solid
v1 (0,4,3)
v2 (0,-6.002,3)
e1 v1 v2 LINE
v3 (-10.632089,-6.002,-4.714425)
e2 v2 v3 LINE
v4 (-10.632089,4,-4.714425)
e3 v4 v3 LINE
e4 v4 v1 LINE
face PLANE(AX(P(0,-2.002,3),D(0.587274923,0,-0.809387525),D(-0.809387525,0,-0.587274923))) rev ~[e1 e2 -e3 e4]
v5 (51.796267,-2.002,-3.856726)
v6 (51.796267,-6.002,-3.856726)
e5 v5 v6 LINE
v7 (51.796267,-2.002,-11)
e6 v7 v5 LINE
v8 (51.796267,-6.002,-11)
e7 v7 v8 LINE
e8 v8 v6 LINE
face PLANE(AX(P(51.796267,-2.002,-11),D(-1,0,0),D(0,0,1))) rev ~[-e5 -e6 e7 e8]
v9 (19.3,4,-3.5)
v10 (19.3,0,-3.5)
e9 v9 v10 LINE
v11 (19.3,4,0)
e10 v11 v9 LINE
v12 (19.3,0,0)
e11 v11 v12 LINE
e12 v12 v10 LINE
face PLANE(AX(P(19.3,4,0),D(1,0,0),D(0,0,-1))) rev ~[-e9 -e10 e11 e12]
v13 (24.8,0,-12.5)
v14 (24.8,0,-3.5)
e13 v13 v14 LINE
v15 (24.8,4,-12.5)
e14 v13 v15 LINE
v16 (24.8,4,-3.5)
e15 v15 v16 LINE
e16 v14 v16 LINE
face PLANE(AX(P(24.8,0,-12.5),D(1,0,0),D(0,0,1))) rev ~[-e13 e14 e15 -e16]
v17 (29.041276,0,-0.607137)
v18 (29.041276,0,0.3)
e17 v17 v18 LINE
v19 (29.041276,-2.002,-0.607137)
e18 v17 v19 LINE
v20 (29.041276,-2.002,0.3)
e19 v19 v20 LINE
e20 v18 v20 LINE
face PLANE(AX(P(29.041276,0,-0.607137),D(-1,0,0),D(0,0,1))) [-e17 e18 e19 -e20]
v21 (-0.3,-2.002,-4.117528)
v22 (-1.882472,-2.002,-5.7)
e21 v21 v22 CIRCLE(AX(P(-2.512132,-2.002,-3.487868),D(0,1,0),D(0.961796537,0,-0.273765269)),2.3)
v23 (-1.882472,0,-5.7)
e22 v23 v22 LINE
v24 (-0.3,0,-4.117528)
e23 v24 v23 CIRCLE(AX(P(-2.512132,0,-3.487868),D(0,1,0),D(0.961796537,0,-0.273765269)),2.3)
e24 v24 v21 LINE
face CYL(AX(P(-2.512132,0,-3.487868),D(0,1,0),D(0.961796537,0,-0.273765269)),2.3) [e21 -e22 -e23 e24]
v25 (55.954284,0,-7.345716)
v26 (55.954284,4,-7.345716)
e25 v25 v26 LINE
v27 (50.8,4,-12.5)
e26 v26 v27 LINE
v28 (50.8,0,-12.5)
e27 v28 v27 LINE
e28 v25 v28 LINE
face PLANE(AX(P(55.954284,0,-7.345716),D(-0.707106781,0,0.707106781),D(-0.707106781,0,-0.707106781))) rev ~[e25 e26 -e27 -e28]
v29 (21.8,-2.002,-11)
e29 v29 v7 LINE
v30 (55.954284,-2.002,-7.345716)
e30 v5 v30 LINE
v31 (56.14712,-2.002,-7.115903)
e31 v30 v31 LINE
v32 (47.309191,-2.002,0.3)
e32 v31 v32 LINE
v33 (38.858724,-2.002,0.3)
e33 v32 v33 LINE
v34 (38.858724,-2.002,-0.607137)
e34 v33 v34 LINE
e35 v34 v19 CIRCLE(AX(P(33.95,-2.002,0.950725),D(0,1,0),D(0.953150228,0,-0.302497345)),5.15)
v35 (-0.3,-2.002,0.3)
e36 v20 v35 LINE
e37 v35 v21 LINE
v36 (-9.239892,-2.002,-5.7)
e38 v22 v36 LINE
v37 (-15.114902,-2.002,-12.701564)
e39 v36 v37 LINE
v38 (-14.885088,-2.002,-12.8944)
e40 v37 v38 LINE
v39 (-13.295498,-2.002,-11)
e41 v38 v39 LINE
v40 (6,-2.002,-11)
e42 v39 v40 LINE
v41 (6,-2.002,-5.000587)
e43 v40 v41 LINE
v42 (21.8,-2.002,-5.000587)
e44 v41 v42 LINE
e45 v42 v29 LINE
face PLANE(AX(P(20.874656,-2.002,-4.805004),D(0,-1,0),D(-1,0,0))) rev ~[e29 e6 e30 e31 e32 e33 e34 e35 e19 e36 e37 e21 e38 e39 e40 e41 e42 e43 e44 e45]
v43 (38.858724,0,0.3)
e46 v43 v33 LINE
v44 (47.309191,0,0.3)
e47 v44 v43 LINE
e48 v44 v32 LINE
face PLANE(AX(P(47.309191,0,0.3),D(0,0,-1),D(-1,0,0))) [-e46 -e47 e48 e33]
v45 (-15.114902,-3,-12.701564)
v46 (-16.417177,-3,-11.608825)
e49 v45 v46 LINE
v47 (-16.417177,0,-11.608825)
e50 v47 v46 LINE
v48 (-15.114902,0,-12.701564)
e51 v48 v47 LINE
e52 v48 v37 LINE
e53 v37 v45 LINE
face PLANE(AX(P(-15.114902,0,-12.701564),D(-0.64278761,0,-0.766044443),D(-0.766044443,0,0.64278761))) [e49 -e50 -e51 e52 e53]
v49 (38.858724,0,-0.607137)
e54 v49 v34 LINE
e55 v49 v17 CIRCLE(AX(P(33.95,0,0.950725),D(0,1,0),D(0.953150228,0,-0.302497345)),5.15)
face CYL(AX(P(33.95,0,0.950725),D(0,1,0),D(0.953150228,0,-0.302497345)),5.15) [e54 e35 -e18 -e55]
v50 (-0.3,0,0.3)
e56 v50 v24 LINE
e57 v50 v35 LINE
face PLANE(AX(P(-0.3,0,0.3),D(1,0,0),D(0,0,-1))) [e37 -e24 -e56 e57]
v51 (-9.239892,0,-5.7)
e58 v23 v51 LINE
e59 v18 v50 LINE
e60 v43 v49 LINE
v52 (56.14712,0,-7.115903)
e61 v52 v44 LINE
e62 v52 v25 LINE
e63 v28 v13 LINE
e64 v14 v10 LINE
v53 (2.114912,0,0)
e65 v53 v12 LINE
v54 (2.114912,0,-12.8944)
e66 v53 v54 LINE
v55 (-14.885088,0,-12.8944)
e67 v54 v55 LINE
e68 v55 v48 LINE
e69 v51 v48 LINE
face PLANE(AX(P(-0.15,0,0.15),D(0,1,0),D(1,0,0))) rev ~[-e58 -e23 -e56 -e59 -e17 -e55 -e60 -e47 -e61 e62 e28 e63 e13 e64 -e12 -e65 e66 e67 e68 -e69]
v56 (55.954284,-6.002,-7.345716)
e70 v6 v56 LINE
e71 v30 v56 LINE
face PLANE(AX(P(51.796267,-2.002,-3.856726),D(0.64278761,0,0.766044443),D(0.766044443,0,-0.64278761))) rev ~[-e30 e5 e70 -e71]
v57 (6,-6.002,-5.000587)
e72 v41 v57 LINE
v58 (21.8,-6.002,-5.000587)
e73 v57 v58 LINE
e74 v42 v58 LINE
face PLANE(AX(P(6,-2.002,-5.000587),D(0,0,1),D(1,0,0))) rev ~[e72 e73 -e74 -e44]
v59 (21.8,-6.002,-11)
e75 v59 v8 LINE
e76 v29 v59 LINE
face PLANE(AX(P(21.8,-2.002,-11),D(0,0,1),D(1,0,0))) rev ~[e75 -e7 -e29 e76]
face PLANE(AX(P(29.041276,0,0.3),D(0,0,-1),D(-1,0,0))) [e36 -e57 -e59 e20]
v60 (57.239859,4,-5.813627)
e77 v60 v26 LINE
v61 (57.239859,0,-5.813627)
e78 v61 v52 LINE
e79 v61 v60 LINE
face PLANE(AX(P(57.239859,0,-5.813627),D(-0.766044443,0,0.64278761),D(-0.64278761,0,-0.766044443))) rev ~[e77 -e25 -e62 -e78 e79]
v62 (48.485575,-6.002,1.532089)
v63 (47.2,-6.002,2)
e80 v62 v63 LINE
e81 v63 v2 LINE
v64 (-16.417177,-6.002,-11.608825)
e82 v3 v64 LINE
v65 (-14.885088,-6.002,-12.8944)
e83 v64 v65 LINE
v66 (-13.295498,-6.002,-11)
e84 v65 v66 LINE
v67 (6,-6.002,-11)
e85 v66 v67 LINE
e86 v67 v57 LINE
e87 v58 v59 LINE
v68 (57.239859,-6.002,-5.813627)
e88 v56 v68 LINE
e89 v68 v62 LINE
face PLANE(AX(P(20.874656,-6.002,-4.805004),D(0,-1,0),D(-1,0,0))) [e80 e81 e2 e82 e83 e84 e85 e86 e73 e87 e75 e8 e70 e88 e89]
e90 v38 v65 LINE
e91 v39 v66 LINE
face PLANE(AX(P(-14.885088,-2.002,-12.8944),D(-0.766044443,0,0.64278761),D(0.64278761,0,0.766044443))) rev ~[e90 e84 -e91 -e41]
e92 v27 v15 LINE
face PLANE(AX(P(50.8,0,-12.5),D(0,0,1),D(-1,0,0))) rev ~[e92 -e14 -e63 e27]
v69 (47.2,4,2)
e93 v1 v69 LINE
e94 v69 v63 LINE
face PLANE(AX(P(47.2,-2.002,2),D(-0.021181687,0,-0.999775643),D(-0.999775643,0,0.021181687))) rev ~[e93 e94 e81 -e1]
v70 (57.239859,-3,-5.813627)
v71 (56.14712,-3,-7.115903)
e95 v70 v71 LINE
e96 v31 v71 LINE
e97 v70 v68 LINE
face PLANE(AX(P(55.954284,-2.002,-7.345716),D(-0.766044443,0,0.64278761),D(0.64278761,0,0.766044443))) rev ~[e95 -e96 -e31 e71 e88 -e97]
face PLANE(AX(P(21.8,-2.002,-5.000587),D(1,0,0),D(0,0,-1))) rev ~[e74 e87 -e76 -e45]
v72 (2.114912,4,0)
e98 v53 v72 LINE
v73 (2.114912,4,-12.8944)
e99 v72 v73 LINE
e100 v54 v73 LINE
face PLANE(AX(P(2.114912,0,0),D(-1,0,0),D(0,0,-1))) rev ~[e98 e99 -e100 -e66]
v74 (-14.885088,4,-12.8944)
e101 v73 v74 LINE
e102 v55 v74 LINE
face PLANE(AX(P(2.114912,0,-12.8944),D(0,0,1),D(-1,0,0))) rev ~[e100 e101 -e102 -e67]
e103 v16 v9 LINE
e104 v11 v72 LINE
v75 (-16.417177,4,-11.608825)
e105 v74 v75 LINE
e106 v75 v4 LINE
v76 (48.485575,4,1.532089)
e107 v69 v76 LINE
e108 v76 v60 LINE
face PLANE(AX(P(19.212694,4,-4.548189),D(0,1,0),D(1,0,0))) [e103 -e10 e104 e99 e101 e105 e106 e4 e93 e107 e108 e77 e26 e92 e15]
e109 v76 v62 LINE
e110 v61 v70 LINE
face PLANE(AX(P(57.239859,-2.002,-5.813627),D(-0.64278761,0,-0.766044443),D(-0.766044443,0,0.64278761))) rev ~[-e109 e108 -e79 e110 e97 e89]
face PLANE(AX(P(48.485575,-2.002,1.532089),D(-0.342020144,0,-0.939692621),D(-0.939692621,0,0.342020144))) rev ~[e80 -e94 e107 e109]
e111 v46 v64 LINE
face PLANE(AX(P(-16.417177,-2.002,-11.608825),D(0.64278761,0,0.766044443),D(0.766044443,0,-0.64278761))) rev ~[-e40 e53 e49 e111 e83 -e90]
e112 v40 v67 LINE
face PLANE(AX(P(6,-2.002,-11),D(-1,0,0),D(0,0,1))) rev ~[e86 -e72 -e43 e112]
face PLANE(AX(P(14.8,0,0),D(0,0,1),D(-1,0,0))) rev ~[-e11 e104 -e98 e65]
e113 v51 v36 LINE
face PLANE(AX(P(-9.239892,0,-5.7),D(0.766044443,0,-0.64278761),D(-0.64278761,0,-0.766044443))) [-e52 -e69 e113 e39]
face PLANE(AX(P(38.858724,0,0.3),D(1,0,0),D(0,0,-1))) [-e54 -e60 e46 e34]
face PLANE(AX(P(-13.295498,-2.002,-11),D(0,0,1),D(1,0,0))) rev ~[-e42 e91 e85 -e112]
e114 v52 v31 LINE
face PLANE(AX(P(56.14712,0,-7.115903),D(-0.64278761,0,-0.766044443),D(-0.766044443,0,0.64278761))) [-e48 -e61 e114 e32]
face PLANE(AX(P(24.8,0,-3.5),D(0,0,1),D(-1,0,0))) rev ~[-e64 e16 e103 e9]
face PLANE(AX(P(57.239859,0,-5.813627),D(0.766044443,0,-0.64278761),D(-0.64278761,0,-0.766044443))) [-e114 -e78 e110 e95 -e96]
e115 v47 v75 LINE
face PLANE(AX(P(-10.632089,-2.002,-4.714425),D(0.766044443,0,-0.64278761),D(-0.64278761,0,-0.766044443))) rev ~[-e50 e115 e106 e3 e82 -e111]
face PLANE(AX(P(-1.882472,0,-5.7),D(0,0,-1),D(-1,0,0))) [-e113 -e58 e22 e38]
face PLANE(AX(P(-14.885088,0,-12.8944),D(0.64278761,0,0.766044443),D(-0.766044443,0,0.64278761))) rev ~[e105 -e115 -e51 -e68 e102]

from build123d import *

# Parameters (mm, degrees)
SKETCH1_W                = 0.3
SKETCH1_H                = 0.3
BOSS_EXTRUDE1_DEPTH      = 4
SKETCH1_5_W              = 0.3
SKETCH1_5_H              = 0.3
BOSS_EXTRUDE2_DEPTH      = 4
BOSS_EXTRUDE3_DEPTH      = 3
BOSS_EXTRUDE4_DEPTH      = 3.00199999
BOSS_EXTRUDE4_DEPTH_BACK = 0.99800001
SKETCH3_W                = 4.5
SKETCH3_H                = 3.5
CUT_EXTRUDE1_DEPTH       = 4


with BuildPart() as part:
    # Sketch1 → Boss-Extrude1 (new body)
    with BuildSketch(Plane(origin=(0, 0, 0), x_dir=(1, 0, 0), z_dir=(0, 1, 0))):
        Polygon((2.114911513, 12.894399988), (-14.885088487, 12.894399988), (-16.417177373, 11.608824769), (-10.632088886, 4.714424781), (0, -3), (47.2, -2), (48.485575219, -1.532088886), (57.239858961, 5.813627372), (55.954283741, 7.345716259), (50.8, 12.5), (24.8, 12.5), (24.8, 3.5), (14.8, 3.5), (14.8, 0), (2.114911513, 0), align=None)
        with Locations((-0.15, -0.15)):
            Rectangle(SKETCH1_W, SKETCH1_H, mode=Mode.SUBTRACT)
        Polygon((47.30919107, -0.3), (47.2, -0.3), (47.2, 0), (47.392836283, -0.229813333), align=None, mode=Mode.SUBTRACT)
    extrude(amount=BOSS_EXTRUDE1_DEPTH)

    # Sketch1<5> → Boss-Extrude2 (add)
    with BuildSketch(Plane(origin=(0, 0, 0), x_dir=(1, 0, 0), z_dir=(0, 1, 0))):
        with Locations((-0.15, -0.15)):
            Rectangle(SKETCH1_5_W, SKETCH1_5_H)
        Polygon((47.2, 0), (47.2, -0.3), (47.30919107, -0.3), (47.392836283, -0.229813333), align=None)
    extrude(amount=BOSS_EXTRUDE2_DEPTH)

    # Sketch1<6> → Boss-Extrude3 (add)
    with BuildSketch(Plane(origin=(0, 0, 0), x_dir=(1, 0, 0), z_dir=(0, 1, 0))):
        with BuildLine():
            Line((-0.3, -0.3), (-0.3, 4.117528082))
            ThreePointArc((-0.3, 4.117528082), (-0.885786438, 5.114213562), (-1.882471918, 5.7))
            Line((-1.882471918, 5.7), (-9.239892297, 5.7))
            Line((-9.239892297, 5.7), (-15.11490182, 12.701563705))
            Line((-15.11490182, 12.701563705), (-16.417177373, 11.608824769))
            Line((-16.417177373, 11.608824769), (-10.632088886, 4.714424781))
            Line((-10.632088886, 4.714424781), (0, -3))
            Line((0, -3), (47.2, -2))
            Line((47.2, -2), (48.485575219, -1.532088886))
            Line((48.485575219, -1.532088886), (57.239858961, 5.813627372))
            Line((57.239858961, 5.813627372), (56.147120024, 7.115902926))
            Line((56.147120024, 7.115902926), (47.30919107, -0.3))
            Line((47.30919107, -0.3), (38.858723672, -0.3))
            Line((38.858723672, -0.3), (38.858723672, 0.607136774))
            ThreePointArc((38.858723672, 0.607136774), (33.95, 4.199275448), (29.041276328, 0.607136774))
            Line((29.041276328, 0.607136774), (29.041276328, -0.3))
            Line((29.041276328, -0.3), (-0.3, -0.3))
        make_face()
    extrude(amount=-BOSS_EXTRUDE3_DEPTH)

    # Sketch2 → Boss-Extrude4 (add, two sides: drawn at the far end of the back side and taken through both)
    with BuildSketch(Plane(origin=(0, -3, 0), x_dir=(-1, 0, 0), z_dir=(0, -1, 0)).offset(-BOSS_EXTRUDE4_DEPTH_BACK)):
        Polygon((-55.954283741, 7.345716259), (-57.239858961, 5.813627372), (-48.485575219, -1.532088886), (-47.2, -2), (0, -3), (10.632088886, 4.714424781), (16.417177373, 11.608824769), (14.885088487, 12.894399988), (13.295498156, 11), (-6, 11), (-6, 5.000587023), (-21.8, 5.000587023), (-21.8, 11), (-51.796266659, 11), (-51.796266659, 3.856725658), align=None)
    extrude(amount=BOSS_EXTRUDE4_DEPTH + BOSS_EXTRUDE4_DEPTH_BACK)

    # Sketch3 → Cut-Extrude1 (cut)
    with BuildSketch(Plane(origin=(0, 4, 0), x_dir=(1, 0, 0), z_dir=(0, 1, 0))):
        with Locations((17.05, 1.75)):
            Rectangle(SKETCH3_W, SKETCH3_H)
    extrude(amount=-CUT_EXTRUDE1_DEPTH, mode=Mode.SUBTRACT)


solid = part.part
